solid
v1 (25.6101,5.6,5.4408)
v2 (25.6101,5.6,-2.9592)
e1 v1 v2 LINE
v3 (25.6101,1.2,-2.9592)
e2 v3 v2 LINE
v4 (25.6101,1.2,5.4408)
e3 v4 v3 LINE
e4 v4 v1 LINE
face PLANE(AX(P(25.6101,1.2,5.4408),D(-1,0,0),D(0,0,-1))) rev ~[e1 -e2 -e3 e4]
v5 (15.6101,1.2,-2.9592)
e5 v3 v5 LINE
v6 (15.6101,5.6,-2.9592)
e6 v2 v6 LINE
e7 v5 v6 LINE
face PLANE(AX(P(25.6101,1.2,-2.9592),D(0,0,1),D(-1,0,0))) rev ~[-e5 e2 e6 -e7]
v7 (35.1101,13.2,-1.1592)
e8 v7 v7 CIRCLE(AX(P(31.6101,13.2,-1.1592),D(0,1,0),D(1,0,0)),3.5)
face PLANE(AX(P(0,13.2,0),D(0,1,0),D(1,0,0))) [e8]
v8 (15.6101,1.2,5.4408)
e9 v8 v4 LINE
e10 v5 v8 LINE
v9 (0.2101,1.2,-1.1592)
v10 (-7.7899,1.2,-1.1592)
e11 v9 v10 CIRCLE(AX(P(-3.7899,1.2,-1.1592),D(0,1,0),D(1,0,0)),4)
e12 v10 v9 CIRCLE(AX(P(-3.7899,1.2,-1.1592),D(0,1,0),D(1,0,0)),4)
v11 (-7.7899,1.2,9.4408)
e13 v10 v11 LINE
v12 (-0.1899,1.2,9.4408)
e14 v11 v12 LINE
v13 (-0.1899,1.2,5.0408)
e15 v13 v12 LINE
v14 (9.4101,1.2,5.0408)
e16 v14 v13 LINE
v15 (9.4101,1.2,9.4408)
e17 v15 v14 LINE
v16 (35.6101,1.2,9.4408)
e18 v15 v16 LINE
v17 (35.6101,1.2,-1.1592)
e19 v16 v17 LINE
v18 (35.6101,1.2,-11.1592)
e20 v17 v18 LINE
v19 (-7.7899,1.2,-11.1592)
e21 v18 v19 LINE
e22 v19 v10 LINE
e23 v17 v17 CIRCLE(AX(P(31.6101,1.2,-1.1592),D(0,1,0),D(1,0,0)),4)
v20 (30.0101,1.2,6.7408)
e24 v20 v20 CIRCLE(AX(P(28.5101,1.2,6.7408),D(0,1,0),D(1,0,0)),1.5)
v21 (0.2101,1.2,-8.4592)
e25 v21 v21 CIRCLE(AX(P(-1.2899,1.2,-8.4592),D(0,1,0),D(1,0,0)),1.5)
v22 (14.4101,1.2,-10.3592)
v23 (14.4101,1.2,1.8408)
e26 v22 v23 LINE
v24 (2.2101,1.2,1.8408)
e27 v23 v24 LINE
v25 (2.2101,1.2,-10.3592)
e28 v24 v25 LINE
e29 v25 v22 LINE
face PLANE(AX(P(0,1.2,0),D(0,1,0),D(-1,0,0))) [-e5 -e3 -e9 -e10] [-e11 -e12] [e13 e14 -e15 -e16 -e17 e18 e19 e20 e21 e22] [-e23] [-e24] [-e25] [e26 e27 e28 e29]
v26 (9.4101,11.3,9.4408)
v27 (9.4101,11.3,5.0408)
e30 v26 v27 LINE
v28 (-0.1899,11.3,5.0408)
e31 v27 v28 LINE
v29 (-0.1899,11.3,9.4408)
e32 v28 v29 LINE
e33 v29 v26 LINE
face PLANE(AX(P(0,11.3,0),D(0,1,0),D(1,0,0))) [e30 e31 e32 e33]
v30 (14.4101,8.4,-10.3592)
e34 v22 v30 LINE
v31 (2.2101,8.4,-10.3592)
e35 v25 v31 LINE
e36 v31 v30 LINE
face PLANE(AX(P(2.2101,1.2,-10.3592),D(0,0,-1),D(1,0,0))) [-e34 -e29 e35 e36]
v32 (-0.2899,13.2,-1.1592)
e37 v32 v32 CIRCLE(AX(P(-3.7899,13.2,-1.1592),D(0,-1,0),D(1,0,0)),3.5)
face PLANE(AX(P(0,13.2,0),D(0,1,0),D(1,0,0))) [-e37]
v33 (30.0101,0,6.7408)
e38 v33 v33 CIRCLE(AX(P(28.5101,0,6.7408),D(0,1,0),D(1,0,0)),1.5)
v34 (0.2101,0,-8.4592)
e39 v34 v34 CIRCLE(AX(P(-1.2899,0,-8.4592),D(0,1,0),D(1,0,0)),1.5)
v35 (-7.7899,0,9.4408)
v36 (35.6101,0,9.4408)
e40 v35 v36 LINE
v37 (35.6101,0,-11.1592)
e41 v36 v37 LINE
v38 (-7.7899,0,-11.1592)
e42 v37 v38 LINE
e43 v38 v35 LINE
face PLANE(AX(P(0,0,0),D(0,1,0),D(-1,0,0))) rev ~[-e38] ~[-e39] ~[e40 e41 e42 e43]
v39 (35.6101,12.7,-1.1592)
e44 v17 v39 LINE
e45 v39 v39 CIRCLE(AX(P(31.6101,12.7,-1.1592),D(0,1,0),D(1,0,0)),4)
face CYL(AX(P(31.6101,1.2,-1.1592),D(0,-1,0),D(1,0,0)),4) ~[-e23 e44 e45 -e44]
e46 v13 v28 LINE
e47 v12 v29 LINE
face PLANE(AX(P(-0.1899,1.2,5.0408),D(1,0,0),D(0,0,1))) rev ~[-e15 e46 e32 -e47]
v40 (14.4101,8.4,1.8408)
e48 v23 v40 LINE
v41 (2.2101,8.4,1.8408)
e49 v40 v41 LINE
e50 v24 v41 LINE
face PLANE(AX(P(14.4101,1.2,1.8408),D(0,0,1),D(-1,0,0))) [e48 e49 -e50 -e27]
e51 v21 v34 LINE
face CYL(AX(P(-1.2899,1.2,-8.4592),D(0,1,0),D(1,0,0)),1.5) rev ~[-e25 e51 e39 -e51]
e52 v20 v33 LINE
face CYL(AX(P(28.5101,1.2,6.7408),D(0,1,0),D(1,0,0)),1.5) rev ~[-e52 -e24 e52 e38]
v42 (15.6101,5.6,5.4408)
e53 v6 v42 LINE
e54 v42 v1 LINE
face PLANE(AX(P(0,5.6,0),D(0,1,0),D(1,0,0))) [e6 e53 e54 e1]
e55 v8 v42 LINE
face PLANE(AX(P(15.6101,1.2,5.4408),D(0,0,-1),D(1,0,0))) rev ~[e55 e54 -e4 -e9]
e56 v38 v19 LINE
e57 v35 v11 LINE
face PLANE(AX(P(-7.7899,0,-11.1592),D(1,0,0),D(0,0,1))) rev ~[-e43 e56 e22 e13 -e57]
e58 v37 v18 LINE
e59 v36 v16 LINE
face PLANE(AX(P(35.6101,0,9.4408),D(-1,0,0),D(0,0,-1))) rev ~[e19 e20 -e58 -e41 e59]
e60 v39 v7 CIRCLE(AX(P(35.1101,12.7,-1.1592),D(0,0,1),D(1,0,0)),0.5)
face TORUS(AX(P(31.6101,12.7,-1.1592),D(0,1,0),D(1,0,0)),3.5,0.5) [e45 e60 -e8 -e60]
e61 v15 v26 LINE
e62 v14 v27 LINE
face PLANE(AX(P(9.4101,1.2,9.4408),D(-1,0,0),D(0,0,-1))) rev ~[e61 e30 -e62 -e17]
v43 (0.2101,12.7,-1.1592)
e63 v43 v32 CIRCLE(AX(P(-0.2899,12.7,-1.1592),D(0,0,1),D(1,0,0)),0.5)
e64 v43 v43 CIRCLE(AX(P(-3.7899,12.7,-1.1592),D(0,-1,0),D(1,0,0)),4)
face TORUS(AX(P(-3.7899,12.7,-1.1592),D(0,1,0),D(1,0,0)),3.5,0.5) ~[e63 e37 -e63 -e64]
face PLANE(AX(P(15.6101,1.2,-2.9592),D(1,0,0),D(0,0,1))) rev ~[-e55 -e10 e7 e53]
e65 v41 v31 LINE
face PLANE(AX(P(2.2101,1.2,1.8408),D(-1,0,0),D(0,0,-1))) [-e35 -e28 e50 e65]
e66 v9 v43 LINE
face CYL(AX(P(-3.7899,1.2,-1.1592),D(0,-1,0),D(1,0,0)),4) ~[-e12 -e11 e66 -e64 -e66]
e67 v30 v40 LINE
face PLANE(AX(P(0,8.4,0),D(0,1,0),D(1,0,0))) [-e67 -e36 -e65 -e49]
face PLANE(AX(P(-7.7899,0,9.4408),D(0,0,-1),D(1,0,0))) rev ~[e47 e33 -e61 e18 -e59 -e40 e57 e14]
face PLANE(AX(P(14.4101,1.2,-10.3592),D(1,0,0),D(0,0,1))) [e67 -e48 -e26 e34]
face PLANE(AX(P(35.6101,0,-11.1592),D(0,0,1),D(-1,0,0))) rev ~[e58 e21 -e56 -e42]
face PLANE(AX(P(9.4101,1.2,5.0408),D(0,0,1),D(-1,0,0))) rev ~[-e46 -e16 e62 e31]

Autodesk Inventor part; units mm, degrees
ref_plane "YZ Plane" through (0, 0, 0) normal (1, 0, 0) x (0, 1, 0)
ref_plane "XZ Plane" through (0, 0, 0) normal (0, 1, 0) x (-1, 0, 0)
ref_plane "XY Plane" through (0, 0, 0) normal (0, 0, 1) x (1, 0, 0)
sketch "Sketch1" plane through (0, 0, 0) normal (0, 1, 0) x (-1, 0, 0)
  line L0 (7.7899, 9.4408) -> (-35.6101, 9.4408)
  line L1 (-35.6101, 9.4408) -> (-35.6101, -11.1592)
  line L2 (-35.6101, -11.1592) -> (7.7899, -11.1592)
  line L3 (7.7899, -11.1592) -> (7.7899, 9.4408)
  point P0 (0, 0)
  dimension "d0" = 43.4
  dimension "d1" = 20.6
extrude "Extrusion1" add sketch "Sketch1" along normal blind 1.2
sketch "Sketch2" plane through (0, 1.2, 0) normal (0, 1, 0) x (1, 0, 0)
  circle A0 centre (31.6101, 1.1592) radius 4
  line L0 (35.6101, 11.1592) -> (-7.7899, 11.1592) projected
  circle A1 centre (-3.7899, 1.1592) radius 4
  line L1 (-7.7899, 11.1592) -> (-7.7899, -9.4408) projected
  line L2 (35.6101, -9.4408) -> (35.6101, 11.1592) projected
  point P0 (0, 0)
  dimension "d4" = 8
  dimension "d5" = 10
  dimension "d6" = 8
  dimension "d7" = 4
  dimension "d8" = 4
extrude "Extrusion2" add sketch "Sketch2" along normal blind 12
fillet "Fillet1" radius 0.5 2 edges at (27.6101, 13.2, -1.1592) (-7.7899, 13.2, -1.1592)
sketch "Sketch3" plane through (0, 1.2, 0) normal (0, 1, 0) x (1, 0, 0)
  line L0 (9.4101, -5.0408) -> (-0.1899, -5.0408)
  line L1 (-0.1899, -5.0408) -> (-0.1899, -9.4408)
  line L2 (-0.1899, -9.4408) -> (9.4101, -9.4408)
  line L3 (9.4101, -9.4408) -> (9.4101, -5.0408)
  line L4 (-7.7899, -9.4408) -> (35.6101, -9.4408) projected
  line L5 (-7.7899, 1.1592) -> (-7.7899, -9.4408) projected
  point P0 (0, 0)
  dimension "d12" = 9.6
  dimension "d13" = 4.4
  dimension "d14" = 0
  dimension "d15" = 7.6
extrude "Extrusion3" add sketch "Sketch3" along normal blind 10.1
sketch "Sketch4" plane through (0, 1.2, 0) normal (0, 1, 0) x (1, 0, 0)
  circle A0 centre (28.5101, -6.7408) radius 1.5
  line L0 (35.6101, -9.4408) -> (35.6101, 1.1592) projected
  line L1 (-7.7899, -9.4408) -> (35.6101, -9.4408) projected
  circle A1 centre (-1.2899, 8.4592) radius 1.5
  line L2 (35.6101, 11.1592) -> (-7.7899, 11.1592) projected
  line L3 (-7.7899, 11.1592) -> (-7.7899, -9.4408) projected
  point P0 (0, 0)
  dimension "d18" = 3
  dimension "d19" = 7.1
  dimension "d20" = 2.7
  dimension "d21" = 3
  dimension "d22" = 2.7
  dimension "d23" = 6.5
extrude "Extrusion4" cut sketch "Sketch4" against normal blind 10.1
sketch "Sketch5" plane through (0, 1.2, 0) normal (0, 1, 0) x (1, 0, 0)
  line L0 (14.4101, -1.8408) -> (2.2101, -1.8408)
  line L1 (2.2101, -1.8408) -> (2.2101, 10.3592)
  line L2 (2.2101, 10.3592) -> (14.4101, 10.3592)
  line L3 (14.4101, 10.3592) -> (14.4101, -1.8408)
  line L4 (35.6101, 11.1592) -> (-7.7899, 11.1592) projected
  line L5 (-7.7899, 11.1592) -> (-7.7899, 1.1592) projected
  point P0 (0, 0)
  dimension "d26" = 12.2
  dimension "d27" = 12.2
  dimension "d28" = 0.8
  dimension "d29" = 10
extrude "Extrusion5" add sketch "Sketch5" along normal blind 7.2
sketch "Sketch6" plane through (0, 1.2, 0) normal (0, 1, 0) x (1, 0, 0)
  line L0 (25.6101, 2.9592) -> (15.6101, 2.9592)
  line L1 (15.6101, 2.9592) -> (15.6101, -5.4408)
  line L2 (15.6101, -5.4408) -> (25.6101, -5.4408)
  line L3 (25.6101, -5.4408) -> (25.6101, 2.9592)
  line L4 (9.4101, -9.4408) -> (35.6101, -9.4408) projected
  line L5 (35.6101, -9.4408) -> (35.6101, 1.1592) projected
  point P0 (0, 0)
  dimension "d32" = 10
  dimension "d33" = 8.4
  dimension "d34" = 4
  dimension "d35" = 10
extrude "Extrusion6" add sketch "Sketch6" along normal blind 4.4
sketch "Sketch7" plane through (0, 1.2, 0) normal (0, 1, 0) x (1, 0, 0)
  circle A0 centre (28.5101, -6.7408) radius 1.5 projected
  circle A1 centre (28.5101, -6.7408) radius 1.5
  circle A2 centre (-1.2899, 8.4592) radius 1.5 projected
  circle A3 centre (-1.2899, 8.4592) radius 1.5
  point P0 (0, 0)
properties part number "DC menic"
